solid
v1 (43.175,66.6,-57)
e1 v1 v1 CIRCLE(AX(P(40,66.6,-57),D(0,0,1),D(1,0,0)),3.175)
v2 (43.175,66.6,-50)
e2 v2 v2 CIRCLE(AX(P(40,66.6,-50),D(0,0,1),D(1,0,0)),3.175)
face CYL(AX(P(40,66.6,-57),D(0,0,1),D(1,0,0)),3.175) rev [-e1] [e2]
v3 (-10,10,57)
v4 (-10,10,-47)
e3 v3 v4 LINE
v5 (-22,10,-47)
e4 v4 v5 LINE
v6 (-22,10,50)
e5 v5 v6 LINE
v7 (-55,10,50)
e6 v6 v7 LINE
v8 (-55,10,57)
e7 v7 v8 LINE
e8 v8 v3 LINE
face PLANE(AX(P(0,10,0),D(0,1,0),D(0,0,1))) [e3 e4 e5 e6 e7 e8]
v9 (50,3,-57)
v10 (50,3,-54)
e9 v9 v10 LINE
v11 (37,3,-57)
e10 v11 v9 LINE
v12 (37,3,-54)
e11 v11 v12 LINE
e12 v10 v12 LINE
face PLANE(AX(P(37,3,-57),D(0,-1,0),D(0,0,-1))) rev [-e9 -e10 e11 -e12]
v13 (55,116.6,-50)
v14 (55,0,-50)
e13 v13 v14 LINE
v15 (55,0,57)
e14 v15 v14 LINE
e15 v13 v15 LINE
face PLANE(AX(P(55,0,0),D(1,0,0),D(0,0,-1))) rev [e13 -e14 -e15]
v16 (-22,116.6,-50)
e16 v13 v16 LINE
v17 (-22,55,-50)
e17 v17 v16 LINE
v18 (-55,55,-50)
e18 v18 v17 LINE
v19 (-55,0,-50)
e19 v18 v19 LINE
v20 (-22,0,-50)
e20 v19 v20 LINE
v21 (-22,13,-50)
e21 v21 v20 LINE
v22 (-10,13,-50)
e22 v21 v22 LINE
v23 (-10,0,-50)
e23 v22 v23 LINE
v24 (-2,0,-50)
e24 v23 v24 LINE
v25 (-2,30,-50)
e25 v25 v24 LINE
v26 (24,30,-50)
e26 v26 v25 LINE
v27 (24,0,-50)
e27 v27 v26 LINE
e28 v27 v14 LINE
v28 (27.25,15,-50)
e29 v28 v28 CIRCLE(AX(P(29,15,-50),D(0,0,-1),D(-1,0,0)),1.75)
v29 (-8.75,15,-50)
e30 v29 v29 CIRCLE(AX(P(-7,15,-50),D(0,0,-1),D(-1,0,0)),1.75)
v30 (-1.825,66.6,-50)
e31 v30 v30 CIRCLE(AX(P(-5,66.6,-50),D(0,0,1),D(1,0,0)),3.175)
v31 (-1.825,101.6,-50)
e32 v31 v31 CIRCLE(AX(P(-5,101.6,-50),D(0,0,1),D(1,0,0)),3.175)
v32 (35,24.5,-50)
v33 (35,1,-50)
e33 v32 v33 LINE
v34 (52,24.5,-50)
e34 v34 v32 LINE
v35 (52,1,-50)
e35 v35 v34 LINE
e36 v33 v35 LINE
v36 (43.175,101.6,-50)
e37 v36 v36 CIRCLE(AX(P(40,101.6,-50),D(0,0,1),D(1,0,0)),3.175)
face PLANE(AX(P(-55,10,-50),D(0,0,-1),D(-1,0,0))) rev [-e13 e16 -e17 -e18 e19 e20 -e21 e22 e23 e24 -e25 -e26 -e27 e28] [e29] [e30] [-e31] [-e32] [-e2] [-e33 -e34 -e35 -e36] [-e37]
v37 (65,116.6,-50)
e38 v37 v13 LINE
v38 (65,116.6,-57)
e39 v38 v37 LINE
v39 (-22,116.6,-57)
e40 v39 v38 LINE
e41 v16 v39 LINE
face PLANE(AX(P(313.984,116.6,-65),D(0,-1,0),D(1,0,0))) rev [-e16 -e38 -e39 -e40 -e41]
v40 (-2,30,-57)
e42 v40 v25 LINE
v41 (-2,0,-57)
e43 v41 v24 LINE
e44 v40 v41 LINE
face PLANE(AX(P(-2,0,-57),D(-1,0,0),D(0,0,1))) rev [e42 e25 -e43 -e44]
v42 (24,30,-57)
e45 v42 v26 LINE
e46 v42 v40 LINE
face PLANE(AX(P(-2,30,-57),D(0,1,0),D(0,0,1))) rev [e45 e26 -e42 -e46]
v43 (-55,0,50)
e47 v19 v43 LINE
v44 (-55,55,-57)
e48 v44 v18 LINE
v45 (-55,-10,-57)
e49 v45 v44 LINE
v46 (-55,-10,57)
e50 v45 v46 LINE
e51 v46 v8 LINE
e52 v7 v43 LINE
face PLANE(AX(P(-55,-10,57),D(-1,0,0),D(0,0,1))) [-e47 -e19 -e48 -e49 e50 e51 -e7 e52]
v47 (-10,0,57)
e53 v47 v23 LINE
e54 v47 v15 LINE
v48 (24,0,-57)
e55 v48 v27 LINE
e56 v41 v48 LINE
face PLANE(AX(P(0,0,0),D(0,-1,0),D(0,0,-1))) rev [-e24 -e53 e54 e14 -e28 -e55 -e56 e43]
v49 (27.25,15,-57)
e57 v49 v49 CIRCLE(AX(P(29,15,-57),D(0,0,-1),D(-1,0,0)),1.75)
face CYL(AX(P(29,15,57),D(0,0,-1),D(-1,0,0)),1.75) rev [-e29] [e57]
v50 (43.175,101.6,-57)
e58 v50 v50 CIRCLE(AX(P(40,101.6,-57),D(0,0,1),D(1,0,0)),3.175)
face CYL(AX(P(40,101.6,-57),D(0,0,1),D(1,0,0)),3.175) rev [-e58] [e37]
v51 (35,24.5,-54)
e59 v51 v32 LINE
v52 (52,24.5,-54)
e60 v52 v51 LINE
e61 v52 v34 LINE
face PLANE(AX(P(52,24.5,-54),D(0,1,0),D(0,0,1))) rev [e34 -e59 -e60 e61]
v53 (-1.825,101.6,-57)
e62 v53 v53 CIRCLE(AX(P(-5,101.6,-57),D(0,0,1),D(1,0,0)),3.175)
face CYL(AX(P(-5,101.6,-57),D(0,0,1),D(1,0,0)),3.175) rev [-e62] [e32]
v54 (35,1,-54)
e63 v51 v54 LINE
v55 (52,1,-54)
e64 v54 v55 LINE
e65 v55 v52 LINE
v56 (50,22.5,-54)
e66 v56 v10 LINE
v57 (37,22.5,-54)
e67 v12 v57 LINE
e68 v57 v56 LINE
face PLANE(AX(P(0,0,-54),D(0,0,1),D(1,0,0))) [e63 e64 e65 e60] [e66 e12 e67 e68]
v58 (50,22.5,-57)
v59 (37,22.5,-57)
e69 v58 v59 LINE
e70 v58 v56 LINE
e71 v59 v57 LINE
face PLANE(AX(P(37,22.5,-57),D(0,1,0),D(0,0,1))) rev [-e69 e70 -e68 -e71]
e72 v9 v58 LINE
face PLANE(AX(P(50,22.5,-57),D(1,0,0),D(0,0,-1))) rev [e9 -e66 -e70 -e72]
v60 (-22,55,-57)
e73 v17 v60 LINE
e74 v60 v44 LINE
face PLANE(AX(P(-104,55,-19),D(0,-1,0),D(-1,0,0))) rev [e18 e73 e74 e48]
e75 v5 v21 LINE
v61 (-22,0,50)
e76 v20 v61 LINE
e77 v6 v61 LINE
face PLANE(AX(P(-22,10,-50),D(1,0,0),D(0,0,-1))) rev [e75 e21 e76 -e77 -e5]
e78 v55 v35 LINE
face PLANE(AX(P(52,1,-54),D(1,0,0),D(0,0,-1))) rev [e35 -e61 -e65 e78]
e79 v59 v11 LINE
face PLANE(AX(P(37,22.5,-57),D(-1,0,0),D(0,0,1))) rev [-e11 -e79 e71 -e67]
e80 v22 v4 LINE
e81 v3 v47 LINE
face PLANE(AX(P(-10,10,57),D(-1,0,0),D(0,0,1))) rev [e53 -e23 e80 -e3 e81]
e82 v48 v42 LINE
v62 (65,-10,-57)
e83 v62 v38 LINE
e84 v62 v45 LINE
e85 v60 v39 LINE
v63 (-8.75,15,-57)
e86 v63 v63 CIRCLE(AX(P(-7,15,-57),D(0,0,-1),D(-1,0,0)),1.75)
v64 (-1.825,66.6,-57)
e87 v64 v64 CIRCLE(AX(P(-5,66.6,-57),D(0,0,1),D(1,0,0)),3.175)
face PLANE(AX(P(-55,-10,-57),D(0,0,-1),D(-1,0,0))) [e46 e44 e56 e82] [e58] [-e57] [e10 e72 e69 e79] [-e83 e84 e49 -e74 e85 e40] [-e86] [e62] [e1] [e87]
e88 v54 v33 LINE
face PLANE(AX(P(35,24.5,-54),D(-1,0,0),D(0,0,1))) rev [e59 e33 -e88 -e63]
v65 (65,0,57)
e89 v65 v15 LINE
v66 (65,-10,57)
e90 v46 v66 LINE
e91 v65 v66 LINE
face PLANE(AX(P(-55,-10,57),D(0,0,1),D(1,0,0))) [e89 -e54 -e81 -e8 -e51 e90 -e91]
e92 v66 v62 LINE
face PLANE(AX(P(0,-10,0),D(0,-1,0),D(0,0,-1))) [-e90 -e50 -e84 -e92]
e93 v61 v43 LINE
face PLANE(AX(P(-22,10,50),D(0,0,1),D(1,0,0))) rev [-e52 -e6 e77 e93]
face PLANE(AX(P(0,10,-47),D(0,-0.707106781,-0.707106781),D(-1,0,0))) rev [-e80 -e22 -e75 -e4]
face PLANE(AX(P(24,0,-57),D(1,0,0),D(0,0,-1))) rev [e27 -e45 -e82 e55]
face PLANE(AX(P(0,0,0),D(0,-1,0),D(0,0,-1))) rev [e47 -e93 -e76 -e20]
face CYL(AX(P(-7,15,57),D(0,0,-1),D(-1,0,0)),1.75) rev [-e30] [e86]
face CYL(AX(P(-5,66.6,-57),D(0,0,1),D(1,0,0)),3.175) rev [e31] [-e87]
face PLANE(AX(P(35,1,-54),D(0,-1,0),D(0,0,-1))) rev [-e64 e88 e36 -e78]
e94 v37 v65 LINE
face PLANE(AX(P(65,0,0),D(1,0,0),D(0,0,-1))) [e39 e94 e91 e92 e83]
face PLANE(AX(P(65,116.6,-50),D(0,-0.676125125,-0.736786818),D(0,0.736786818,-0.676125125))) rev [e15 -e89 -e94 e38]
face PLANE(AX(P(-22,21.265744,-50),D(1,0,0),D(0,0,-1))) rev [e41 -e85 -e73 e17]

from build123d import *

# Parameters (mm, degrees)
SKETCH1_W           = 110
SKETCH1_H           = 114
BOSS_EXTRUDE1_DEPTH = 10
BOSS_EXTRUDE2_DEPTH = 10
SKETCH4_W           = 110
SKETCH4_H           = 7
BOSS_EXTRUDE3_DEPTH = 116.6
SKETCH12_W          = 33
SKETCH12_H          = 7
CUT_EXTRUDE6_DEPTH  = 61.6
SKETCH8_W           = 26
SKETCH8_H           = 30
CUT_EXTRUDE3_DEPTH  = 8
SKETCH9_W           = 13
SKETCH9_H           = 19.5
CUT_EXTRUDE4_DEPTH  = 8
SKETCH10_W          = 17
SKETCH10_H          = 23.5
CUT_EXTRUDE5_DEPTH  = 4
SKETCH6_R           = 3.175
CUT_EXTRUDE1_DEPTH  = 8
BOSS_EXTRUDE5_DEPTH = 10
SKETCH14_R          = 1.75
CUT_EXTRUDE7_DEPTH  = 115
CHAMFER2_SIZE       = 3


with BuildPart() as part:
    # Sketch1 → Boss-Extrude1 (new body)
    with BuildSketch(Plane(origin=(0, 0, 0), x_dir=(1, 0, 0), z_dir=(0, 1, 0))):
        Rectangle(SKETCH1_W, SKETCH1_H)
    extrude(amount=-BOSS_EXTRUDE1_DEPTH)

    # Sketch3 → Boss-Extrude2 (add)
    with BuildSketch(Plane(origin=(0, 0, 0), x_dir=(1, 0, 0), z_dir=(0, 1, 0))):
        Polygon((-55, -50), (-55, -57), (-10, -57), (-10, 57), (-55, 57), (-55, 50), (-22, 50), (-22, -50), align=None)
    extrude(amount=BOSS_EXTRUDE2_DEPTH)

    # Sketch4 → Boss-Extrude3 (add)
    with BuildSketch(Plane(origin=(0, 0, 0), x_dir=(1, 0, 0), z_dir=(0, 1, 0))):
        with Locations((0, 53.5)):
            Rectangle(SKETCH4_W, SKETCH4_H)
    extrude(amount=BOSS_EXTRUDE3_DEPTH)

    # Sketch12 → Cut-Extrude6 (cut)
    with BuildSketch(Plane(origin=(0, 116.6, 0), x_dir=(1, 0, 0), z_dir=(0, 1, 0))):
        with Locations((-38.5, 53.5)):
            Rectangle(SKETCH12_W, SKETCH12_H)
    extrude(amount=-CUT_EXTRUDE6_DEPTH, mode=Mode.SUBTRACT)

    # Sketch8 → Cut-Extrude3 (cut, through all)
    with BuildSketch(Plane.XY.offset(-50)):
        with Locations((11, 15)):
            Rectangle(SKETCH8_W, SKETCH8_H)
    extrude(amount=-CUT_EXTRUDE3_DEPTH, mode=Mode.SUBTRACT)

    # Sketch9 → Cut-Extrude4 (cut, through all)
    with BuildSketch(Plane.XY.offset(-50)):
        with Locations((43.5, 12.75)):
            Rectangle(SKETCH9_W, SKETCH9_H)
    extrude(amount=-CUT_EXTRUDE4_DEPTH, mode=Mode.SUBTRACT)

    # Sketch10 → Cut-Extrude5 (cut)
    with BuildSketch(Plane.XY.offset(-50)):
        with Locations((43.5, 12.75)):
            Rectangle(SKETCH10_W, SKETCH10_H)
    extrude(amount=-CUT_EXTRUDE5_DEPTH, mode=Mode.SUBTRACT)

    # Sketch6 → Cut-Extrude1 (cut, through all)
    with BuildSketch(Plane.XY.offset(-50)):
        with Locations((-5, 101.6)):
            Circle(SKETCH6_R)
        with Locations((40, 101.6)):
            Circle(SKETCH6_R)
        with Locations((-5, 66.6)):
            Circle(SKETCH6_R)
        with Locations((40, 66.6)):
            Circle(SKETCH6_R)
    extrude(amount=-CUT_EXTRUDE1_DEPTH, mode=Mode.SUBTRACT)

    # Sketch11 → Boss-Extrude5 (add)
    with BuildSketch(Plane(origin=(55, 0, 0), x_dir=(0, 0, -1), z_dir=(1, 0, 0))):
        Polygon((57, 116.6), (50, 116.6), (-57, 0), (-57, -10), (57, -10), align=None)
    extrude(amount=BOSS_EXTRUDE5_DEPTH)

    # Sketch14 → Cut-Extrude7 (cut, through all)
    with BuildSketch(Plane(origin=(0, 0, -57), x_dir=(-1, 0, 0), z_dir=(0, 0, -1))):
        with Locations((-29, 15)):
            Circle(SKETCH14_R)
        with Locations((7, 15)):
            Circle(SKETCH14_R)
    extrude(amount=-CUT_EXTRUDE7_DEPTH, mode=Mode.SUBTRACT)

    # Chamfer2
    chamfer2_edges = [part.edges().sort_by_distance(p)[0] for p in [
        (-16, 10, -50),
    ]]
    chamfer(chamfer2_edges, length=CHAMFER2_SIZE)


solid = part.part
